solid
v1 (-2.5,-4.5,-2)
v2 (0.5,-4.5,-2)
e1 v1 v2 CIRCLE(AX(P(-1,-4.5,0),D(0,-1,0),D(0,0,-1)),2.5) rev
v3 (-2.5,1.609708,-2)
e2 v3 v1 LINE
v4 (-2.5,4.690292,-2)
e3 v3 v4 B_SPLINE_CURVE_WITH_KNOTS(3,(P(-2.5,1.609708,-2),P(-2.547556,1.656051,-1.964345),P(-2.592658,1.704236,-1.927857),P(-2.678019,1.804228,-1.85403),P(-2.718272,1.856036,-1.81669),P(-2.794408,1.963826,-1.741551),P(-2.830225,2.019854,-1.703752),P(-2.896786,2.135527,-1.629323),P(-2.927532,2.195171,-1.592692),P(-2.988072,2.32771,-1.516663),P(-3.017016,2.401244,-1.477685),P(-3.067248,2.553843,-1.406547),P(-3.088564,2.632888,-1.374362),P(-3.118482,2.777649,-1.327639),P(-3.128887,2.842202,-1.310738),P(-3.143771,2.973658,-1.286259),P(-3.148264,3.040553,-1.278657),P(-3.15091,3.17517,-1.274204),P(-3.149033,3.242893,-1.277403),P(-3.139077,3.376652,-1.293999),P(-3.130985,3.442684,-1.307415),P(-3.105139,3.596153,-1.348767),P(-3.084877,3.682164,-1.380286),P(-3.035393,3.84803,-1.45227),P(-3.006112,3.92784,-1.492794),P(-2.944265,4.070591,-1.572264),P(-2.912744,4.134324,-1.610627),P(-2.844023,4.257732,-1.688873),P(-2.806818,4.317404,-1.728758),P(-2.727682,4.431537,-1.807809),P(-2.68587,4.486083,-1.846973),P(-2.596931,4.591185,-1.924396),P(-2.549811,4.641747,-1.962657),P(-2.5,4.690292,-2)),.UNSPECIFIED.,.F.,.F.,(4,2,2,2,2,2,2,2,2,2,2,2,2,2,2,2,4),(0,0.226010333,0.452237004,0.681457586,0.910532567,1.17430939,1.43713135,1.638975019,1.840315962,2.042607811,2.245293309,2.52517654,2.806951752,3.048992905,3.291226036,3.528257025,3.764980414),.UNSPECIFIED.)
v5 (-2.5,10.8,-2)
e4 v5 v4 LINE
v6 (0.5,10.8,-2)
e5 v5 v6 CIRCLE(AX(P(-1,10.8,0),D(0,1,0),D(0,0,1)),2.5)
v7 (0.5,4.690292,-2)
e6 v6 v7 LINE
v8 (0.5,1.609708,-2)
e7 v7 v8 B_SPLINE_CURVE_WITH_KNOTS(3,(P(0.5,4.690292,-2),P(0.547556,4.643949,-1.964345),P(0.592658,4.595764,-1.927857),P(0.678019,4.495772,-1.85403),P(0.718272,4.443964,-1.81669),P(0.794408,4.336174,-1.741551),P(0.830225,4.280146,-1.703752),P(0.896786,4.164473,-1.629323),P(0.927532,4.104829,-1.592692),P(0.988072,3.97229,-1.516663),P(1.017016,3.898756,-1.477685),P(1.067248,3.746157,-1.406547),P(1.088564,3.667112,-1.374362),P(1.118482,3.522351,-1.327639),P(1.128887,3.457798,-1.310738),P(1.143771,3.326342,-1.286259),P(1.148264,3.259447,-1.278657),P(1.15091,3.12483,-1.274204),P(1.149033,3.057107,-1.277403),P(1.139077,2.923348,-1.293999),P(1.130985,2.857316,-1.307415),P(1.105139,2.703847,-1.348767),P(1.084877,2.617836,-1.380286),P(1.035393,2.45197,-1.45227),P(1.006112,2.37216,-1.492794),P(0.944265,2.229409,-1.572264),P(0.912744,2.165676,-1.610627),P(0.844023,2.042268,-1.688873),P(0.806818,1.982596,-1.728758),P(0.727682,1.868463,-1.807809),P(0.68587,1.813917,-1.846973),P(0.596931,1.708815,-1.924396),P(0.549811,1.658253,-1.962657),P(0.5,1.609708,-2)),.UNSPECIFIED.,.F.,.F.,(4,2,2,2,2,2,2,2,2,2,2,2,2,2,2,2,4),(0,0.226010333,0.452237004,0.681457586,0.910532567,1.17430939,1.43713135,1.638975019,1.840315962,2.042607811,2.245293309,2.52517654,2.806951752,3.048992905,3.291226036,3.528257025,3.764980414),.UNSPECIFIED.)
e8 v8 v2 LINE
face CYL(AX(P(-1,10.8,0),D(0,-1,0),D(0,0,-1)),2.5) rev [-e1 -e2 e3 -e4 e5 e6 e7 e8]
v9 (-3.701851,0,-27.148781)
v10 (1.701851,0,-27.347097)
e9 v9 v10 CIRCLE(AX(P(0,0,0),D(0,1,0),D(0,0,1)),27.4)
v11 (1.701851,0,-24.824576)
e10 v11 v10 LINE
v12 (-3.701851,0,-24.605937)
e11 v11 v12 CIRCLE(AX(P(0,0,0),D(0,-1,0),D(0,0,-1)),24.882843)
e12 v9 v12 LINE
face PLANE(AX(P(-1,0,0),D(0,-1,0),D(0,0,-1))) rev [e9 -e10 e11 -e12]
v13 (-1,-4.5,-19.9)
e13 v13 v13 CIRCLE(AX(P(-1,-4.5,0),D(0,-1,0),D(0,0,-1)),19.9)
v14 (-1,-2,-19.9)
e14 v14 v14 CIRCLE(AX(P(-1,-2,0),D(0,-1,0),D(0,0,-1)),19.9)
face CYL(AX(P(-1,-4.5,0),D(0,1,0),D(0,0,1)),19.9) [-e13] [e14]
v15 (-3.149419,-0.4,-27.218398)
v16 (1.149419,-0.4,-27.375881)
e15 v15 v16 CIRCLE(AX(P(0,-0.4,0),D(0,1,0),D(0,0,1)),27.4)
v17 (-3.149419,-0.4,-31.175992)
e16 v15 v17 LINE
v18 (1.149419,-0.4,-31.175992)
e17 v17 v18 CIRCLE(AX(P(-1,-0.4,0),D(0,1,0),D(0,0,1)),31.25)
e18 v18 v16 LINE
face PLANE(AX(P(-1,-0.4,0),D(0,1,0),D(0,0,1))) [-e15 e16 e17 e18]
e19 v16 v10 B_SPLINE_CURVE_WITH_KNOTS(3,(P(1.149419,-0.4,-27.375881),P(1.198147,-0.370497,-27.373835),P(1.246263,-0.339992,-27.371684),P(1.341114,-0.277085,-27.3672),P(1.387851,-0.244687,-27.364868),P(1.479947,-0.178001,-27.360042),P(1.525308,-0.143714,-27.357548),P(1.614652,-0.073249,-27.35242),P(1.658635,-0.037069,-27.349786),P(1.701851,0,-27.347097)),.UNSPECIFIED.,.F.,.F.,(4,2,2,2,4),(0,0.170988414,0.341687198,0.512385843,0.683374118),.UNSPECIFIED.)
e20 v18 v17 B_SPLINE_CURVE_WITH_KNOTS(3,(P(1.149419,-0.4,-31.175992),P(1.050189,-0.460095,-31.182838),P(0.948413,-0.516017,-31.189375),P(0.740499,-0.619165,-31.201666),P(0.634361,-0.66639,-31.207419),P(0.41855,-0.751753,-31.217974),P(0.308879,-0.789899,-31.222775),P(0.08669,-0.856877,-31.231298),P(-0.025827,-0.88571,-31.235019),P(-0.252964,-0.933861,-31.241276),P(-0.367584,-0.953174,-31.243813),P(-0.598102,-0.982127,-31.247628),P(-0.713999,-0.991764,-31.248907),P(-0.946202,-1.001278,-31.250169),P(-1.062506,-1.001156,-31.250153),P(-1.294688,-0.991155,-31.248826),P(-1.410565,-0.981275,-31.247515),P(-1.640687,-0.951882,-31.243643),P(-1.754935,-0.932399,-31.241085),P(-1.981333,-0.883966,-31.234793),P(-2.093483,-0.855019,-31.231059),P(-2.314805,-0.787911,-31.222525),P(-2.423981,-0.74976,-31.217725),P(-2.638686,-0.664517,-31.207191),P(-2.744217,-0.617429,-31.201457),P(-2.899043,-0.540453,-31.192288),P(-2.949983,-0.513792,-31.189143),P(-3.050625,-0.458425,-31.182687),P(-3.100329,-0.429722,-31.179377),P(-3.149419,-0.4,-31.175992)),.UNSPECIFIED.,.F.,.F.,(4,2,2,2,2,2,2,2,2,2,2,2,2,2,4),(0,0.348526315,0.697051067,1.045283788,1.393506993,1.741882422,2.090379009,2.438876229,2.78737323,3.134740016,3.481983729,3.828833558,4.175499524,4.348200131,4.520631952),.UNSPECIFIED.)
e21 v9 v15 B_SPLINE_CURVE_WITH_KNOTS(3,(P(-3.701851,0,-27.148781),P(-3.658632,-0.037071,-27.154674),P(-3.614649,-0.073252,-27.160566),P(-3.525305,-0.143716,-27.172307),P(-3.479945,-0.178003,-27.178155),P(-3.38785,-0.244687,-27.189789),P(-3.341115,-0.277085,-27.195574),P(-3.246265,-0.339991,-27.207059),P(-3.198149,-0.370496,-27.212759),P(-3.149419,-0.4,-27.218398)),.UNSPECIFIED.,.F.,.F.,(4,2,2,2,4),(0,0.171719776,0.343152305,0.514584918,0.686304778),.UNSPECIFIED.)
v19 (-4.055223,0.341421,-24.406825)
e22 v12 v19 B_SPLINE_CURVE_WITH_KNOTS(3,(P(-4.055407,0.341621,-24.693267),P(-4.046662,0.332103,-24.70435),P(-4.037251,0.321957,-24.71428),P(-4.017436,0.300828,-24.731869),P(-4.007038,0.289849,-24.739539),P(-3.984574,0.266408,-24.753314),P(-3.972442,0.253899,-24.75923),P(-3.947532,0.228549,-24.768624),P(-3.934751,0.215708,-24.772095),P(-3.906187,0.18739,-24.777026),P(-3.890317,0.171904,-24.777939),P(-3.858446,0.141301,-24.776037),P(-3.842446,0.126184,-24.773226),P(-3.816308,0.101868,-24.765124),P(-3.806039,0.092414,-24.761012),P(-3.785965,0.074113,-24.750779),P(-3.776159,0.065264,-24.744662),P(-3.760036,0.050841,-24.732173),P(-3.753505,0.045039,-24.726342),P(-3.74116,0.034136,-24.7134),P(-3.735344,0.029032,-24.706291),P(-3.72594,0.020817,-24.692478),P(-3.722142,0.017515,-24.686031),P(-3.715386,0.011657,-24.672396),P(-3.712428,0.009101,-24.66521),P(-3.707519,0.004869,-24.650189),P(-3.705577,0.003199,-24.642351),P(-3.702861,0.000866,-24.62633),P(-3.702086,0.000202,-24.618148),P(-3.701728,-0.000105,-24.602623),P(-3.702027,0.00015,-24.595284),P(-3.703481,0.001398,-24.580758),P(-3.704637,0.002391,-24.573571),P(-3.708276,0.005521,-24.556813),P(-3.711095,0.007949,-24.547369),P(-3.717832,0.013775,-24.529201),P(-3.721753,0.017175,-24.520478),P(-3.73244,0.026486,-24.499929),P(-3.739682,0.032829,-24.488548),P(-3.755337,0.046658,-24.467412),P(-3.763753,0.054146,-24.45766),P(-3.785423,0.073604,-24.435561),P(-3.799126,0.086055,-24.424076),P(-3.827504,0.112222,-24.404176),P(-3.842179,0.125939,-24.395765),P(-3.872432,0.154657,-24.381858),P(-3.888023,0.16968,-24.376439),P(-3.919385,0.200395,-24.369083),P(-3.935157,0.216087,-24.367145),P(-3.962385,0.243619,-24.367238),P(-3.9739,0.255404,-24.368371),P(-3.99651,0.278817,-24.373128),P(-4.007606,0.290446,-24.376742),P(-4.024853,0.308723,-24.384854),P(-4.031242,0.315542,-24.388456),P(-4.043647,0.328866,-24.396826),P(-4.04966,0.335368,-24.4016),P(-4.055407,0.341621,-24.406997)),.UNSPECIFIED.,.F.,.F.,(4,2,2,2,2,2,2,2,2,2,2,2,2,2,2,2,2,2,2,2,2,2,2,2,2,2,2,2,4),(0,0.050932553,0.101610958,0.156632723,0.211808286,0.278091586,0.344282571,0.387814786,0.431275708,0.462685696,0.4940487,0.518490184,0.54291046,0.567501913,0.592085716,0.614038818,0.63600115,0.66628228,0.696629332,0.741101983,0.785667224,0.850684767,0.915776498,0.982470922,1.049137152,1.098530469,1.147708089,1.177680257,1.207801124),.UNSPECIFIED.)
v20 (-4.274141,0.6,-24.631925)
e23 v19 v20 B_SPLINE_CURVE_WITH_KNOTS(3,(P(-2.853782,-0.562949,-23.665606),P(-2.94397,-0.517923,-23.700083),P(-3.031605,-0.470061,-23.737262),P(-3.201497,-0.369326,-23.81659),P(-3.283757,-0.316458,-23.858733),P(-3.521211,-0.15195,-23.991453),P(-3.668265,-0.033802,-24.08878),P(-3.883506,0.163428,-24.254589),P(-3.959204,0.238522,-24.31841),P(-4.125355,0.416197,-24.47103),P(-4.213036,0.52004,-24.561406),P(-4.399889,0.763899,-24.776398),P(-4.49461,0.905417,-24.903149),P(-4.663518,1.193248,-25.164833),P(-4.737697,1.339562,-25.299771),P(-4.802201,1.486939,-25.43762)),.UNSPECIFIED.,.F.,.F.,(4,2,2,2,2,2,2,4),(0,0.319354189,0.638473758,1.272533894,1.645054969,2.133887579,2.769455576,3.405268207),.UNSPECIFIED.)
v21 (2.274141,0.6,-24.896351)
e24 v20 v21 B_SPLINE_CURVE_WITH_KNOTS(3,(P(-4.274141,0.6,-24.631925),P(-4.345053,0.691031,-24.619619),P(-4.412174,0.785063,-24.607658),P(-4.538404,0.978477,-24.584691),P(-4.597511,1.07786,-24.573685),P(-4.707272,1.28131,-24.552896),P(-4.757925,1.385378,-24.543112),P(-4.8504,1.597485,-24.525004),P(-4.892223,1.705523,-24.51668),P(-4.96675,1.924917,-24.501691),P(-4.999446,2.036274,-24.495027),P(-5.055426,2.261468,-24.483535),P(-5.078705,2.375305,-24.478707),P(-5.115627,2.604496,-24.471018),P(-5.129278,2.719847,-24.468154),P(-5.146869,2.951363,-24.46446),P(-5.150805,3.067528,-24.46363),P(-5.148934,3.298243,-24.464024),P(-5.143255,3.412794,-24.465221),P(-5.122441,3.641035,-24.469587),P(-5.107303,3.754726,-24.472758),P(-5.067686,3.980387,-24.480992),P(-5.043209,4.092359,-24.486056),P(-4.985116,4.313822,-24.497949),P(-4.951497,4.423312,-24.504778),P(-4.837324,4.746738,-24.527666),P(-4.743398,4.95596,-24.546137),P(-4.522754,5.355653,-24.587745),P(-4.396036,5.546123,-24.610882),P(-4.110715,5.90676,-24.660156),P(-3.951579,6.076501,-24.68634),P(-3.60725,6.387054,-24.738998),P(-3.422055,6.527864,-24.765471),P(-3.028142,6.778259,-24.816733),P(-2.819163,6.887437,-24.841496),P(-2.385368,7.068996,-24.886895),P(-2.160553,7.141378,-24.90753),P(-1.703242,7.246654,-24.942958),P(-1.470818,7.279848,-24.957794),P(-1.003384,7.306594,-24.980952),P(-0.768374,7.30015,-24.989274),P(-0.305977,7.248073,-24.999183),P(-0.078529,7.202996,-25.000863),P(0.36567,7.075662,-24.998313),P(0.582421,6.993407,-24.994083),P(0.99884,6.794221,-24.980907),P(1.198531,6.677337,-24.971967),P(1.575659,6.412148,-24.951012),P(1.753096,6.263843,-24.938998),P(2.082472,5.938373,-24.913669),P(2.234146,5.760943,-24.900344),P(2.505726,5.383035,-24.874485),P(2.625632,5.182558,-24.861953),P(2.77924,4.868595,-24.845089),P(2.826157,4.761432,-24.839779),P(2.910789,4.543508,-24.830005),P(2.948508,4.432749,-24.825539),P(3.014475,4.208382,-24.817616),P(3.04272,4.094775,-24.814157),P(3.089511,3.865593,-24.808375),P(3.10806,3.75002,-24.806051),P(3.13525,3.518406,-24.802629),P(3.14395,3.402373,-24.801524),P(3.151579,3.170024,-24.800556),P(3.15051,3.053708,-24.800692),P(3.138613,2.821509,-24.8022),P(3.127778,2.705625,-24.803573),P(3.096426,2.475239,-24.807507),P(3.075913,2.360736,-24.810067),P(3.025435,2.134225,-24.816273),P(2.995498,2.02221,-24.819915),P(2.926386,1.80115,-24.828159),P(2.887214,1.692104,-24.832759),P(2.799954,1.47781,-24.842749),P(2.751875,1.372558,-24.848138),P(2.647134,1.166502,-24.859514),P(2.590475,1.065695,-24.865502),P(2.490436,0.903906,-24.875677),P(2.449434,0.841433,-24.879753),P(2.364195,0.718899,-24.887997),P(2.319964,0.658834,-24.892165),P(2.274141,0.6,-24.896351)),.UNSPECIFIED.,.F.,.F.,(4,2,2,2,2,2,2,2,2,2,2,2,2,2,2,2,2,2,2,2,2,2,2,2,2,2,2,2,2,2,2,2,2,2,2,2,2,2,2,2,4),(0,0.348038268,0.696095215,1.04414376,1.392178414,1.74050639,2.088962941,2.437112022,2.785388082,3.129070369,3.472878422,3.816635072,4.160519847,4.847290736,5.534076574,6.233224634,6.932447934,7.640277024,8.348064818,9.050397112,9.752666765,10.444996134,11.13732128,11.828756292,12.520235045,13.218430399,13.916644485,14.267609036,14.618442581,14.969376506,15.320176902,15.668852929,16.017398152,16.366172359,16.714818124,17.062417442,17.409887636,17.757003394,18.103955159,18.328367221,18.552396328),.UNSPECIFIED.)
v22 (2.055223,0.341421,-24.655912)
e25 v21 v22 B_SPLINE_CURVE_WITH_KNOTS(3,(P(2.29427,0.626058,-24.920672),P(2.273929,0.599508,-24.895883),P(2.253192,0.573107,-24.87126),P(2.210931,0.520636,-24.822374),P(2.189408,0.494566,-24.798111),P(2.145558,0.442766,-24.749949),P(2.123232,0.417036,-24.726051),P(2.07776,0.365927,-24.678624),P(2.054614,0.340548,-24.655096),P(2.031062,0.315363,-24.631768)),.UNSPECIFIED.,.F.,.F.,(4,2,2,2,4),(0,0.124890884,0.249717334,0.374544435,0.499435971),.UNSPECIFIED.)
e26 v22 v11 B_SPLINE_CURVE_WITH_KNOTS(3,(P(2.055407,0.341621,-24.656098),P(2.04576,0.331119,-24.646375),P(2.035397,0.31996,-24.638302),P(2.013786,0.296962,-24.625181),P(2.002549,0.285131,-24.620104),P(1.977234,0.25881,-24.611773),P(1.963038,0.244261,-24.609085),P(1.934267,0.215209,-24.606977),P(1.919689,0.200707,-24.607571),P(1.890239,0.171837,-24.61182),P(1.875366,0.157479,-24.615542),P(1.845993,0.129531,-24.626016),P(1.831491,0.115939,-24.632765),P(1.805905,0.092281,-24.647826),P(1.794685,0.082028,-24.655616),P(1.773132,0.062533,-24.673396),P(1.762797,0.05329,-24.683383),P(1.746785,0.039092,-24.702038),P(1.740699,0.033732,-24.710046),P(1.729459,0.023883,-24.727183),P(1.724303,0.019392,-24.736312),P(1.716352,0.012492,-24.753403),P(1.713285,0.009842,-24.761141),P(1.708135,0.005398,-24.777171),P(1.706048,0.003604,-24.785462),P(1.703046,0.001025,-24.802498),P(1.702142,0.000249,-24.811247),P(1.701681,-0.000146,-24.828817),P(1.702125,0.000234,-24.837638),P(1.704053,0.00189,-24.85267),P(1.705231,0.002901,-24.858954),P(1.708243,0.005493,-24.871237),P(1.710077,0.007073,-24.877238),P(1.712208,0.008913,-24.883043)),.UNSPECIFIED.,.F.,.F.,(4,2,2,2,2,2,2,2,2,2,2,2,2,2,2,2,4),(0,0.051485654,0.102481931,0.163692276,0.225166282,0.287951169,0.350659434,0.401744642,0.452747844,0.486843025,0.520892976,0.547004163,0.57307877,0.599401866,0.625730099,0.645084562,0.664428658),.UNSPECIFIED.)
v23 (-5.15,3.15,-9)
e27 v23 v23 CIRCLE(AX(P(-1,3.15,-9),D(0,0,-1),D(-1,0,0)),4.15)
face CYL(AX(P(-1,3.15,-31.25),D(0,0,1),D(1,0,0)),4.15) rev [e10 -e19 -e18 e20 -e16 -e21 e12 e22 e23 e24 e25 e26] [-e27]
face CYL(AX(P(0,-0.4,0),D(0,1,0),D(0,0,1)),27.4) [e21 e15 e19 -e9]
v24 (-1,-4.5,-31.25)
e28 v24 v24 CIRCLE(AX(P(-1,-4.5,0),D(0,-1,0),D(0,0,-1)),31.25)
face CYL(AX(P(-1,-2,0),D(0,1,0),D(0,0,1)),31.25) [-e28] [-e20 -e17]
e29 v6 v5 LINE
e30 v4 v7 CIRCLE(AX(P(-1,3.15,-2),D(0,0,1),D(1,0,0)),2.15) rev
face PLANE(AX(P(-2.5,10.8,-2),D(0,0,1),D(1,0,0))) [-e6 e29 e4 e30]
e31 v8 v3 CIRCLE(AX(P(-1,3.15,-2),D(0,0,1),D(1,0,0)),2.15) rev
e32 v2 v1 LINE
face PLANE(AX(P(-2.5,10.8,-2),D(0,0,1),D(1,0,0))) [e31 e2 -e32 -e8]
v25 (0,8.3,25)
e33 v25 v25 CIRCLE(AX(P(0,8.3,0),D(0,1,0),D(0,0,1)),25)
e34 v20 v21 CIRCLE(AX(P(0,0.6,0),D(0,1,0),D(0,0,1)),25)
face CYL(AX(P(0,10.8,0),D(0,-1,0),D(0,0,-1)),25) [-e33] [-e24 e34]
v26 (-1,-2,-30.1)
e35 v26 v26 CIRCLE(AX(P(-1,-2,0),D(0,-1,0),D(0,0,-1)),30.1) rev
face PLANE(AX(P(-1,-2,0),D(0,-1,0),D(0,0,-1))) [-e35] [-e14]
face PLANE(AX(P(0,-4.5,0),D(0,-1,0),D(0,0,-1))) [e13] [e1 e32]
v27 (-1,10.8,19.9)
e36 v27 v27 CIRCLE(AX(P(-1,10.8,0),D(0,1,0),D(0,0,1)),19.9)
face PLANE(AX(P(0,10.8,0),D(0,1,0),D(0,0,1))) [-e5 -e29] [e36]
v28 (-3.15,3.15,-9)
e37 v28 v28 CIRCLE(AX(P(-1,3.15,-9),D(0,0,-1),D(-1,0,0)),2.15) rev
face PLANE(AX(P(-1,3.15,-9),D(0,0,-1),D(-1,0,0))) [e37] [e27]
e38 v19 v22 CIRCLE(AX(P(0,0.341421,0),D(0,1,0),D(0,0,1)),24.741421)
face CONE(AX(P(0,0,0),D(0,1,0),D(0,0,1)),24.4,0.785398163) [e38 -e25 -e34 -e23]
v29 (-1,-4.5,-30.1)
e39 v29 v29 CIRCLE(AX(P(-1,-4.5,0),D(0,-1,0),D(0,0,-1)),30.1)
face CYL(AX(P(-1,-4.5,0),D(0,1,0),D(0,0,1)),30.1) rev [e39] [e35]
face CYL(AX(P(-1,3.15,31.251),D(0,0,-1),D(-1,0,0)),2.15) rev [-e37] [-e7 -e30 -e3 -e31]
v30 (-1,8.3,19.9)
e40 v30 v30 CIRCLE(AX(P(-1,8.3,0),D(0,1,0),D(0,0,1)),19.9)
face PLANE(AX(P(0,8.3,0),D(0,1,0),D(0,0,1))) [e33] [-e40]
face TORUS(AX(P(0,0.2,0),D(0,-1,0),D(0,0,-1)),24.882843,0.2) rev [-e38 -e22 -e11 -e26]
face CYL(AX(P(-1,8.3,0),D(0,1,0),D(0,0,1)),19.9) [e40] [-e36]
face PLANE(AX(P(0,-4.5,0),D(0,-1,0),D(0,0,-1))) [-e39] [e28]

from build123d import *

# Parameters (mm, degrees)
SKETCH1_R                      = 25
BOSS_EXTRUDE1_DEPTH            = 10.8
BOSS_EXTRUDE2_START            = 2
SKETCH2_R                      = 31.25
BOSS_EXTRUDE2_DEPTH            = 2
BOSS_EXTRUDE3_START            = 2.5
SKETCH3_R                      = 31.25
SKETCH3_R_2                    = 30.1
SKETCH3_R_3                    = 19.9
BOSS_EXTRUDE3_DEPTH            = 2.5
CUT_EXTRUDE1_START             = -0.4
SKETCH4_R                      = 31.25
SKETCH4_R_2                    = 27.4
CUT_EXTRUDE1_DEPTH             = 0.4
CUT_EXTRUDE2_START             = -2.5
SKETCH5_R                      = 25
SKETCH5_R_2                    = 19.9
CUT_EXTRUDE2_DEPTH             = 2.5
FILLET1_R                      = 0.2
CUT_EXTRUDE3_REACH             = 67.733
SKETCH7_R                      = 2.15
CUT_EXTRUDE3_DIRECTION_2_DEPTH = 66.732526195
CUT_EXTRUDE4_DEPTH             = 66.732526212
CUT_EXTRUDE4_DEPTH_BACK        = 16
SKETCH8_R                      = 4.15


with BuildPart() as part:
    # Sketch1 → Boss-Extrude1 (new body)
    with BuildSketch(Plane(origin=(0, 0, 0), x_dir=(1, 0, 0), z_dir=(0, 1, 0))):
        with Locations(Location((0, 0, 0), (0, 0, 90))):
            Circle(SKETCH1_R)
        with BuildLine():
            Line((-2.5, 2), (0.5, 2))
            ThreePointArc((0.5, 2), (-1, -2.5), (-2.5, 2))
        make_face(mode=Mode.SUBTRACT)
    extrude(amount=BOSS_EXTRUDE1_DEPTH)

    # Sketch2 → Boss-Extrude2 (add)
    with BuildSketch(Plane.XZ.offset(BOSS_EXTRUDE2_START)):
        with Locations(Location((-1, 0, 0), (0, 0, 270))):
            Circle(SKETCH2_R)
        with BuildLine():
            Line((0.5, -2), (-2.5, -2))
            ThreePointArc((-2.5, -2), (-1, 2.5), (0.5, -2))
        make_face(mode=Mode.SUBTRACT)
    extrude(amount=-BOSS_EXTRUDE2_DEPTH)

    # Sketch3 → Boss-Extrude3 (add)
    # profile 1 of 2: a face of its own
    with BuildSketch(Plane.XZ.offset(2).offset(BOSS_EXTRUDE3_START)):
        with Locations(Location((-1, 0, 0), (0, 0, 270))):
            Circle(SKETCH3_R)
        with Locations(Location((-1, 0, 0), (0, 0, 270))):
            Circle(SKETCH3_R_2, mode=Mode.SUBTRACT)
    # profile 2 of 2: a face of its own
    with BuildSketch(Plane.XZ.offset(2).offset(BOSS_EXTRUDE3_START)):
        with Locations(Location((-1, 0, 0), (0, 0, 270))):
            Circle(SKETCH3_R_3)
        with BuildLine():
            Line((0.5, -2), (-2.5, -2))
            ThreePointArc((-2.5, -2), (-1, 2.5), (0.5, -2))
        make_face(mode=Mode.SUBTRACT)
    extrude(amount=-BOSS_EXTRUDE3_DEPTH)

    # Sketch4 → Cut-Extrude1 (cut)
    with BuildSketch(Plane(origin=(0, 0, 0), x_dir=(1, 0, 0), z_dir=(0, 1, 0)).offset(CUT_EXTRUDE1_START)):
        with Locations(Location((-1, 0, 0), (0, 0, 270))):
            Circle(SKETCH4_R)
        with Locations(Location((0, 0, 0), (0, 0, 270))):
            Circle(SKETCH4_R_2, mode=Mode.SUBTRACT)
    extrude(amount=CUT_EXTRUDE1_DEPTH, mode=Mode.SUBTRACT)

    # Sketch5 → Cut-Extrude2 (cut)
    with BuildSketch(Plane(origin=(0, 10.8, 0), x_dir=(1, 0, 0), z_dir=(0, 1, 0)).offset(CUT_EXTRUDE2_START)):
        with Locations(Location((0, 0, 0), (0, 0, 90))):
            Circle(SKETCH5_R)
        with Locations(Location((-1, 0, 0), (0, 0, 90))):
            Circle(SKETCH5_R_2, mode=Mode.SUBTRACT)
    extrude(amount=CUT_EXTRUDE2_DEPTH, mode=Mode.SUBTRACT)

    # Sketch6 → Cut-Revolve1 (revolve, cut)
    with BuildSketch(Plane.XY, mode=Mode.PRIVATE) as cut_revolve1_sk:
        Polygon((-25, 0), (-25, 0.6), (-24.4, 0), align=None)
    revolve(cut_revolve1_sk.sketch.rotate(Axis((0, 8.3, 0), (0, -1, 0)), 90), axis=Axis((0, 8.3, 0), (0, -1, 0)), mode=Mode.SUBTRACT)

    # Fillet1
    fillet1_edges = [part.edges().sort_by_distance(p)[0] for p in [
        (0, 0, 24.4),
    ]]
    fillet(fillet1_edges, radius=FILLET1_R)

    # Sketch7 → Cut-Extrude3 (cut, up to next)
    with BuildSketch(Plane(origin=(0, 0, -25), x_dir=(-1, 0, 0), z_dir=(0, 0, -1)), mode=Mode.PRIVATE) as cut_extrude3_sk1:
        with Locations((1, 3.15)):
            Circle(SKETCH7_R)
    cut_extrude3_tool1 = extrude(cut_extrude3_sk1.sketch, amount=-CUT_EXTRUDE3_REACH, mode=Mode.PRIVATE) & part.part
    add(cut_extrude3_tool1.solids().sort_by_distance((-1, 3.15, -25))[0], mode=Mode.SUBTRACT)

    # Sketch7 → Cut-Extrude3 direction 2 (cut)
    with BuildSketch(Plane(origin=(0, 0, -25), x_dir=(-1, 0, 0), z_dir=(0, 0, -1))):
        with Locations((1, 3.15)):
            Circle(SKETCH7_R)
    extrude(amount=CUT_EXTRUDE3_DIRECTION_2_DEPTH, mode=Mode.SUBTRACT)

    # Sketch8 → Cut-Extrude4 (cut, two sides: drawn at the far end of the back side and taken through both)
    with BuildSketch(Plane(origin=(0, 0, -25), x_dir=(-1, 0, 0), z_dir=(0, 0, -1)).offset(-CUT_EXTRUDE4_DEPTH_BACK)):
        with Locations(Location((1, 3.15, 0), (0, 0, 217.912535811))):
            Circle(SKETCH8_R)
    extrude(amount=CUT_EXTRUDE4_DEPTH + CUT_EXTRUDE4_DEPTH_BACK, mode=Mode.SUBTRACT)


solid = part.part
